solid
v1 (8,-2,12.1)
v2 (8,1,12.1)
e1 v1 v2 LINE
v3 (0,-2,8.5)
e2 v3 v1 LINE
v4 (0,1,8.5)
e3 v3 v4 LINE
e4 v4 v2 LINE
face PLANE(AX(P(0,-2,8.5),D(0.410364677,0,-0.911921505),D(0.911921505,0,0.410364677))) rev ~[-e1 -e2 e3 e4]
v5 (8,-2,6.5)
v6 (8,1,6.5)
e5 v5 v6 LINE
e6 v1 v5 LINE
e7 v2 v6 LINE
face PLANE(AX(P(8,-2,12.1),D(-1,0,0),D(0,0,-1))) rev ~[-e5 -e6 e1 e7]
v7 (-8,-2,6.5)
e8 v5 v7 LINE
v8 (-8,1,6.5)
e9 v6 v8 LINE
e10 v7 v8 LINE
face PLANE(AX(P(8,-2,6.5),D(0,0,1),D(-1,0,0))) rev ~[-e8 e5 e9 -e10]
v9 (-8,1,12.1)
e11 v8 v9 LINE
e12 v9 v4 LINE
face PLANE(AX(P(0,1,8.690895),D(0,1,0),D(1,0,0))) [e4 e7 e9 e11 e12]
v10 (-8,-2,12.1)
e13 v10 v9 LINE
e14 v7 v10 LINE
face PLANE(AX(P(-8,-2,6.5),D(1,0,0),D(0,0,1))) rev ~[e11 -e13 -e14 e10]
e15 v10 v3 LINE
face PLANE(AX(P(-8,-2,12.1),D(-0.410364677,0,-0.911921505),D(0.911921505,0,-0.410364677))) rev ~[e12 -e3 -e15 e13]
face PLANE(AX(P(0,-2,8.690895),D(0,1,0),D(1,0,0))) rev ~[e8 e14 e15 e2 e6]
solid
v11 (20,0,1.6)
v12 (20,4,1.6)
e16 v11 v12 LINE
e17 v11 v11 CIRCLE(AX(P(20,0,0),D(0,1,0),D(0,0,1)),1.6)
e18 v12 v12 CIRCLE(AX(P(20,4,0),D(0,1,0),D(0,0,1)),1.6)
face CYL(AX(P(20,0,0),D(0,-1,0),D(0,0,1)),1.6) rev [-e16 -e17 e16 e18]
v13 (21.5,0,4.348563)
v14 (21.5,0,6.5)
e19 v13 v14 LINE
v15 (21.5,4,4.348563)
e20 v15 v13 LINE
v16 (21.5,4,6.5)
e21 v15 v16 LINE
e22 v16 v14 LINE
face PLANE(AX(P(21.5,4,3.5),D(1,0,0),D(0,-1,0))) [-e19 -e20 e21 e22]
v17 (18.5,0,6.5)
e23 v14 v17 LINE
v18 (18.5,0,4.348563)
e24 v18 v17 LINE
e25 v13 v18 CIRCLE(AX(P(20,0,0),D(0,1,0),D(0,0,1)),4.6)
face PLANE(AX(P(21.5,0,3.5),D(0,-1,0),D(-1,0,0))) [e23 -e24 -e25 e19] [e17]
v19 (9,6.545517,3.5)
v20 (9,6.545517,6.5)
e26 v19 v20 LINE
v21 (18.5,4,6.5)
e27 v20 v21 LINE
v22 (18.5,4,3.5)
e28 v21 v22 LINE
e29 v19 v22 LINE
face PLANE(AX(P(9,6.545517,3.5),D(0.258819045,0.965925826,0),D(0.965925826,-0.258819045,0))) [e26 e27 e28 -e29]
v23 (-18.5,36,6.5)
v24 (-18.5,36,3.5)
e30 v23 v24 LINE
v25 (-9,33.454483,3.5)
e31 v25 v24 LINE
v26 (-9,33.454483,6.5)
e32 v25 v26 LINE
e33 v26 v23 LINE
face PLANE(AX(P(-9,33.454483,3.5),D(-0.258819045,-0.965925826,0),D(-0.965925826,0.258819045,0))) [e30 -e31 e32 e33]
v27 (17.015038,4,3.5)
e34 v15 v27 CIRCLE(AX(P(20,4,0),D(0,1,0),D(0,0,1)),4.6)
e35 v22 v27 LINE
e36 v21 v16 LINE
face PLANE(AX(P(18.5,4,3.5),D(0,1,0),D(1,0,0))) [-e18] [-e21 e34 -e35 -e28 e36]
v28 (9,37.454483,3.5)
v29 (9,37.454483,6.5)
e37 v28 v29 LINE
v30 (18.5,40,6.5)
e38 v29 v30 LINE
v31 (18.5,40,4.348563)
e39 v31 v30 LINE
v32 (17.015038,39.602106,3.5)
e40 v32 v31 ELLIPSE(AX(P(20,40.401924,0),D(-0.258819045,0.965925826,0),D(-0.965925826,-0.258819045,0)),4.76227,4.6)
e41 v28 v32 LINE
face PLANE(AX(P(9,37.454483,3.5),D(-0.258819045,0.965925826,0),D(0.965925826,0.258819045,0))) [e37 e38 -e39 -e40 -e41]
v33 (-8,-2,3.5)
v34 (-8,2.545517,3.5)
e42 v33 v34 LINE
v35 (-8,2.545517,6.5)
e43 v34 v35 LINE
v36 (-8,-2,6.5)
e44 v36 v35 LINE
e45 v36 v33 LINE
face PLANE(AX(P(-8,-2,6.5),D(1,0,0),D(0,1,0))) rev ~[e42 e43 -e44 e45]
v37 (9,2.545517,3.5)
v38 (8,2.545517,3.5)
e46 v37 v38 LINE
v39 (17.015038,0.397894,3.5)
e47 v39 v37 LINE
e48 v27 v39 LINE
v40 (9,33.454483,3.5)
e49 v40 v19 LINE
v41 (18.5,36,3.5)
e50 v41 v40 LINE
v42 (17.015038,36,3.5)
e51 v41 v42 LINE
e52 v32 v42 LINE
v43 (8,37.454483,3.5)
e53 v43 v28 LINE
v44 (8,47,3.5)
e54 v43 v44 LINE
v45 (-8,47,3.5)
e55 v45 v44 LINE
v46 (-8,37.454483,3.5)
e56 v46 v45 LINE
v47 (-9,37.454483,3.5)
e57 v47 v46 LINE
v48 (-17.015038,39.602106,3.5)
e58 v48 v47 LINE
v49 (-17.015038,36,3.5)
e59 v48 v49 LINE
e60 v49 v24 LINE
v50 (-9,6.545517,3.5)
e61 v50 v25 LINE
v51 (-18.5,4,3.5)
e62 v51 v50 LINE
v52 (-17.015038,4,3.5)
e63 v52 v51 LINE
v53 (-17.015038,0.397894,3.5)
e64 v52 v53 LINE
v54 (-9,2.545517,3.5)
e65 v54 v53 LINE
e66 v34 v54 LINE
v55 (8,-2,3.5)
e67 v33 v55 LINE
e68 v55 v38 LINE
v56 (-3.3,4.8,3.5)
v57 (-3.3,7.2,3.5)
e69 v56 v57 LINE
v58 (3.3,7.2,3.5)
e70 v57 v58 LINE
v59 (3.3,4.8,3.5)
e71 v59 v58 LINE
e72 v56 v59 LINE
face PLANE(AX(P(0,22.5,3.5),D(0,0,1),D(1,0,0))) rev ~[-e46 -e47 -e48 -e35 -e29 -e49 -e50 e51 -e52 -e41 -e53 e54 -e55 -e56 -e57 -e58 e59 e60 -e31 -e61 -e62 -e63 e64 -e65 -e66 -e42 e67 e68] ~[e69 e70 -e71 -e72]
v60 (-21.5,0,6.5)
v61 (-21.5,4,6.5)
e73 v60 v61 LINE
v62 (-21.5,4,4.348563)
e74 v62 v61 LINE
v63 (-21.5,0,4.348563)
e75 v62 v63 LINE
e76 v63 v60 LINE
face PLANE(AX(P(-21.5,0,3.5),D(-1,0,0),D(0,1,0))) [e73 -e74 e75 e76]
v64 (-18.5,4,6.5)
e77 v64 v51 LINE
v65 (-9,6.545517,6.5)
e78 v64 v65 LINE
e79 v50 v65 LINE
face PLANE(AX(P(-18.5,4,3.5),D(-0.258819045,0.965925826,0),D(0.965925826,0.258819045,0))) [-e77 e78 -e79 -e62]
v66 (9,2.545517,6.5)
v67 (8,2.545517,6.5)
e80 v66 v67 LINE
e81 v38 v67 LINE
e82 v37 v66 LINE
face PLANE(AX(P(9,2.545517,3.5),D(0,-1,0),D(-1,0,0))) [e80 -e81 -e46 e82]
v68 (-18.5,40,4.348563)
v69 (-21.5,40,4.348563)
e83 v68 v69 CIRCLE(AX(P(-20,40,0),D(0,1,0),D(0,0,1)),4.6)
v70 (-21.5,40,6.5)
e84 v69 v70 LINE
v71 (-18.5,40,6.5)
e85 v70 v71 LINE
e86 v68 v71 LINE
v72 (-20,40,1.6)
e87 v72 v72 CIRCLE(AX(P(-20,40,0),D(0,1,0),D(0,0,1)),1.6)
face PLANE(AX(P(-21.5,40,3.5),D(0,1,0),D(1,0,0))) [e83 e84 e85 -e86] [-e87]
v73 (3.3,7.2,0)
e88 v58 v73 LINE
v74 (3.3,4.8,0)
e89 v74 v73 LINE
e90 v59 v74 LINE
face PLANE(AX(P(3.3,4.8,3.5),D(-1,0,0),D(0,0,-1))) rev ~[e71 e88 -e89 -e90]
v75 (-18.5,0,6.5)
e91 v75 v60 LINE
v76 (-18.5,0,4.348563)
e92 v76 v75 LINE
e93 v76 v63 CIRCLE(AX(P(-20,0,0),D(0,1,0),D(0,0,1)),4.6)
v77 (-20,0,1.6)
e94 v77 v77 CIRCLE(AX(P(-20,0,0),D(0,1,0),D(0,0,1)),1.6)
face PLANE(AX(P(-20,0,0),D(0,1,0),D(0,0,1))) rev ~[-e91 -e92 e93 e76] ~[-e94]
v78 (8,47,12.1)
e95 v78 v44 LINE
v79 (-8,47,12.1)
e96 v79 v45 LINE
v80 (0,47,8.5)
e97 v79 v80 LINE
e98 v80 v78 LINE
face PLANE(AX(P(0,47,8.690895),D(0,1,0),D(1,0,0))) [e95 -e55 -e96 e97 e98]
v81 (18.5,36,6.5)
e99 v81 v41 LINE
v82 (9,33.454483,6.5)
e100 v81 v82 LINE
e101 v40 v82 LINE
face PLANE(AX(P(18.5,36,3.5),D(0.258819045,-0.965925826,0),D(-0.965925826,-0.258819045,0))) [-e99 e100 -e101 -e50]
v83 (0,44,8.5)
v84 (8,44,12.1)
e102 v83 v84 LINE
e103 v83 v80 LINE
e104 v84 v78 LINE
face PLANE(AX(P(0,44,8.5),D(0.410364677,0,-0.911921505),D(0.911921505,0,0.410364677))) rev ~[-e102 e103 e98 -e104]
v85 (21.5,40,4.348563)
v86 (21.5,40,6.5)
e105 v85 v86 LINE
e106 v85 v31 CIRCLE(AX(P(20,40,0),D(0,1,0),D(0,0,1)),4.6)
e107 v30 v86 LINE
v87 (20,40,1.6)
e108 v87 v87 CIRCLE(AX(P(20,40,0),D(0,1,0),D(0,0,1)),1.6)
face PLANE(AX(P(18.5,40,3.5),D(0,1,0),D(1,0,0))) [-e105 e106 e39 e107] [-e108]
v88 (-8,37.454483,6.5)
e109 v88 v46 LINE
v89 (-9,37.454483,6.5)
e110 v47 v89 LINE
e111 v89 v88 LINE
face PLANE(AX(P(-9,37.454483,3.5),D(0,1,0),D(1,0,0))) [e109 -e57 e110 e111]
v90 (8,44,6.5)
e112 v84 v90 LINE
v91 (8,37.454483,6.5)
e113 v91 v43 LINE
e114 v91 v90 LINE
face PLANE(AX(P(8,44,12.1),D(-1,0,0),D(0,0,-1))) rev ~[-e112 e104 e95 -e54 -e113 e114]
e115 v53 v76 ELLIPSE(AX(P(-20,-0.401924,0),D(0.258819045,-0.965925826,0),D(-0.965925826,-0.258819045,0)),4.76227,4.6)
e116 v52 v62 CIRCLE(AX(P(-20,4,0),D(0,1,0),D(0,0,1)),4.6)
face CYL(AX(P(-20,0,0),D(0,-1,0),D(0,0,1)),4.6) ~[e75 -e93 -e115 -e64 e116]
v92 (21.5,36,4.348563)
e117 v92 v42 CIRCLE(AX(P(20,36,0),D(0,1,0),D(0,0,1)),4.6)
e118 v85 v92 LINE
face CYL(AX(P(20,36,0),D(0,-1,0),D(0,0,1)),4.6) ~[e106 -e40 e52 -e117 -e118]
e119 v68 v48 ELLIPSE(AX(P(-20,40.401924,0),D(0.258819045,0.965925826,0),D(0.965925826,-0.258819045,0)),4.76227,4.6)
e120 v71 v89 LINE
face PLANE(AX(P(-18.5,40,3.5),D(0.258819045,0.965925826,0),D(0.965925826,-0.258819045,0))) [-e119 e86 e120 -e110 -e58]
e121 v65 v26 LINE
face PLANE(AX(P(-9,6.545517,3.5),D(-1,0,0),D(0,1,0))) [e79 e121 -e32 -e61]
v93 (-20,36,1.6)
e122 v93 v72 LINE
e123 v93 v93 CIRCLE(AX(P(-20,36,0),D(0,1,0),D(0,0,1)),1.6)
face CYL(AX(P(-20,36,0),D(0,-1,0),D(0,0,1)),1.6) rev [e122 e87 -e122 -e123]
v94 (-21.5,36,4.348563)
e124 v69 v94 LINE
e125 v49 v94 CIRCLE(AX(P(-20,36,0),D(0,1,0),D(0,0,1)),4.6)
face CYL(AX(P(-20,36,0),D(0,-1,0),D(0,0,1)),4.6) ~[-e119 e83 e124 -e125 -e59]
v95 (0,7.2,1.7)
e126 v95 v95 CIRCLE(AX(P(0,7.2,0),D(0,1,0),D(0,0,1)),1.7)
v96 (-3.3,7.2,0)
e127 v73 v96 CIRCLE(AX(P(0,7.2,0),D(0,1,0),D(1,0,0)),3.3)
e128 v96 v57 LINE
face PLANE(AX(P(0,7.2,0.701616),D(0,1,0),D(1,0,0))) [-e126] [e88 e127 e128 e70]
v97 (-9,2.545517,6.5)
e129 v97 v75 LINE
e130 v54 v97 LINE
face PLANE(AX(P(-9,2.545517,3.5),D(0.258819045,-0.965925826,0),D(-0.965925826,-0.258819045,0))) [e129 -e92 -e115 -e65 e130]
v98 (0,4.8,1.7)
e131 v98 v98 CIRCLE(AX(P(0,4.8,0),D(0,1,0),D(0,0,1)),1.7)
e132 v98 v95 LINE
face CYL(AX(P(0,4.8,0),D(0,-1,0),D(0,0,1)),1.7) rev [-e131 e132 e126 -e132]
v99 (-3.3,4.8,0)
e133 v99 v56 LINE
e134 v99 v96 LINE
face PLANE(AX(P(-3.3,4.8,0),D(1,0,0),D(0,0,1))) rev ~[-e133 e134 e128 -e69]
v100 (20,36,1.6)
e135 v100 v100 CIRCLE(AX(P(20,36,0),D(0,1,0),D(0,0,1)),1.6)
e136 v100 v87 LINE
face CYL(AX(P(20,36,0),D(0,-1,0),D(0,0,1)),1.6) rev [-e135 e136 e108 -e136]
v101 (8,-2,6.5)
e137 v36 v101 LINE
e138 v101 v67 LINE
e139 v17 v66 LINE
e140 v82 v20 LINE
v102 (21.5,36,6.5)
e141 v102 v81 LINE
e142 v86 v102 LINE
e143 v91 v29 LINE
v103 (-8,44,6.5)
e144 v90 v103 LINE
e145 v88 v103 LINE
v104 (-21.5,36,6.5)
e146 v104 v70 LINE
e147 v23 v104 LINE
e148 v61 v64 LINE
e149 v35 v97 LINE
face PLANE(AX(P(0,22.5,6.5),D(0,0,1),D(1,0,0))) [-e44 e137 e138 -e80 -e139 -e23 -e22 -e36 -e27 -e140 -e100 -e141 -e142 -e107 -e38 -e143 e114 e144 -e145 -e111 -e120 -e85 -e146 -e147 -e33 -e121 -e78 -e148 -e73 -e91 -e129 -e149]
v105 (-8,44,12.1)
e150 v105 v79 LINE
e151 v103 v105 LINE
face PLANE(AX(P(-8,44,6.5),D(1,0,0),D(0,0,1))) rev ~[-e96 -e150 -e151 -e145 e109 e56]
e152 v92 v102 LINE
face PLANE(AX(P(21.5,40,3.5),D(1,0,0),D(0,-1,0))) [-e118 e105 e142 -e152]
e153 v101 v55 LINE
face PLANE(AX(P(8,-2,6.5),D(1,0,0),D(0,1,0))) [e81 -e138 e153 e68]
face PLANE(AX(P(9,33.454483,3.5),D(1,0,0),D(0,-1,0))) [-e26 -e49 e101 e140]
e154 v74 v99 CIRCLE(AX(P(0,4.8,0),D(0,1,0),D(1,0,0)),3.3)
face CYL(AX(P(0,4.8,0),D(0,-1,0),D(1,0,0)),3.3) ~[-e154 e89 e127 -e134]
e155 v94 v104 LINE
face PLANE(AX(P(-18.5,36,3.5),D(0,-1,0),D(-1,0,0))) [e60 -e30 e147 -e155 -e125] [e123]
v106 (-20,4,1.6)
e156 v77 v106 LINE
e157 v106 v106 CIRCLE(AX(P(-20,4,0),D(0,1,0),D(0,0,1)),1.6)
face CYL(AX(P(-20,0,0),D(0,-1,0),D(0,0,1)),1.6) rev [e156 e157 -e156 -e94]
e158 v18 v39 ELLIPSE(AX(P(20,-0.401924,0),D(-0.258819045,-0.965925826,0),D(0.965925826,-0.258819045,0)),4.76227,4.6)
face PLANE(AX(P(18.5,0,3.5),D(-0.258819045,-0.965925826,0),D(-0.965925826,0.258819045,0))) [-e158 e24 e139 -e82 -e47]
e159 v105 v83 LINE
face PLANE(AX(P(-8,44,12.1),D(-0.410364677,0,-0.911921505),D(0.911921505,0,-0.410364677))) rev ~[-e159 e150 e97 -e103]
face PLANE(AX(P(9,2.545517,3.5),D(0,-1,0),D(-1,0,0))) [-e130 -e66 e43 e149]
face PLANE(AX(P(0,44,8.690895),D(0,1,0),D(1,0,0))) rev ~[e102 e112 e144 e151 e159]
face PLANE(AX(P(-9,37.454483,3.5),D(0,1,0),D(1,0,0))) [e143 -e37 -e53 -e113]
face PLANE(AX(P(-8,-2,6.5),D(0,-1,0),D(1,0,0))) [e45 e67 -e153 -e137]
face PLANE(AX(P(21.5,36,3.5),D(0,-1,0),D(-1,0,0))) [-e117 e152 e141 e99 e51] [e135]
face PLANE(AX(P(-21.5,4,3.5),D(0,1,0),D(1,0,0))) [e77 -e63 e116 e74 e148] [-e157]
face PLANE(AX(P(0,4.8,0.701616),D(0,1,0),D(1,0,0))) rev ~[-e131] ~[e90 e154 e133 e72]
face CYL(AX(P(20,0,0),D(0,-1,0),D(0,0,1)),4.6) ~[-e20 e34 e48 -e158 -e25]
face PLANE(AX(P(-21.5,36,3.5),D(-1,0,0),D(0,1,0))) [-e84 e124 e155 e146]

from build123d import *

# Parameters (mm, degrees)
SKETCH2_R             = 4.6
SKETCH2_R_2           = 1.6
BOSS_EXTRUDE1_DEPTH   = 4
BOSS_EXTRUDE1_2_DEPTH = 4
LPATTERN1_COUNT       = 2
LPATTERN1_PITCH       = 36
BOSS_EXTRUDE5_DEPTH   = 3
BOSS_EXTRUDE6_START   = 4.8
B_E_SPRING_PLATE_R    = 1.7
BOSS_EXTRUDE6_DEPTH   = 2.4
SKETCH10_W            = 16
SKETCH10_H            = 49
BOSS_EXTRUDE8_DEPTH   = 3
BOSS_EXTRUDE7_START   = -2
BOSS_EXTRUDE7_DEPTH   = 3
BOSS_EXTRUDE9_START   = 44
BOSS_EXTRUDE9_DEPTH   = 3


with BuildPart() as part:
    # Sketch2 → Boss-Extrude1 (new body)
    with BuildSketch(Plane(origin=(0, 0, 0), x_dir=(1, 0, 0), z_dir=(0, 1, 0))):
        with Locations(Location((-20, 0, 0), (0, 0, 270))):
            Circle(SKETCH2_R)
        with Locations(Location((-20, 0, 0), (0, 0, 270))):
            Circle(SKETCH2_R_2, mode=Mode.SUBTRACT)
    boss_extrude1 = extrude(amount=BOSS_EXTRUDE1_DEPTH)



with BuildPart() as body_2:
    # Sketch2 → Boss-Extrude1 2 (new body)
    with BuildSketch(Plane(origin=(0, 0, 0), x_dir=(1, 0, 0), z_dir=(0, 1, 0))):
        with Locations(Location((20, 0, 0), (0, 0, 270))):
            Circle(SKETCH2_R)
        with Locations(Location((20, 0, 0), (0, 0, 270))):
            Circle(SKETCH2_R_2, mode=Mode.SUBTRACT)
    boss_extrude1_2 = extrude(amount=BOSS_EXTRUDE1_2_DEPTH)


with BuildPart() as lpattern1_1:
    # LPattern1: pattern copy
    add(boss_extrude1.moved(Location(Vector(0, 1, 0) * (1 * LPATTERN1_PITCH))))


with BuildPart() as lpattern1_2:
    # LPattern1: pattern copy
    add(boss_extrude1_2.moved(Location(Vector(0, 1, 0) * (1 * LPATTERN1_PITCH))))


with BuildPart() as part_1:
    add(part.part)

    add(body_2.part)  # Boss-Extrude5 merges body 2

    add(lpattern1_1.part)  # Boss-Extrude5 merges LPattern1_1

    add(lpattern1_2.part)  # Boss-Extrude5 merges LPattern1_2
    # Sketch7 → Boss-Extrude5 (add)
    with BuildSketch(Plane.XY.offset(3.5)):
        Polygon((-21.5, 0), (-21.5, 4), (-18.5, 4), (-9, 6.545517328), (-9, 33.454482672), (-18.5, 36), (-21.5, 36), (-21.5, 40), (-18.5, 40), (-9, 37.454482672), (9, 37.454482672), (18.5, 40), (21.5, 40), (21.5, 36), (18.5, 36), (9, 33.454482672), (9, 6.545517328), (18.5, 4), (21.5, 4), (21.5, 0), (18.5, 0), (9, 2.545517328), (-9, 2.545517328), (-18.5, 0), align=None)
    extrude(amount=BOSS_EXTRUDE5_DEPTH)

    # b.e. spring plate → Boss-Extrude6 (add)
    with BuildSketch(Plane(origin=(0, 0, 0), x_dir=(1, 0, 0), z_dir=(0, 1, 0)).offset(BOSS_EXTRUDE6_START)):
        with BuildLine():
            Line((-3.3, 0), (-3.3, -3.5))
            Line((-3.3, -3.5), (3.3, -3.5))
            Line((3.3, -3.5), (3.3, 0))
            ThreePointArc((3.3, 0), (0, 3.3), (-3.3, 0))
        make_face()
        with Locations(Location((0, 0, 0), (0, 0, 270))):
            Circle(B_E_SPRING_PLATE_R, mode=Mode.SUBTRACT)
    extrude(amount=BOSS_EXTRUDE6_DEPTH)

    # Sketch10 → Boss-Extrude8 (add)
    with BuildSketch(Plane.XY.offset(6.5)):
        with Locations((0, 22.5)):
            Rectangle(SKETCH10_W, SKETCH10_H)
    extrude(amount=-BOSS_EXTRUDE8_DEPTH)

    # b.e. pen holder<3> → Boss-Extrude9 (add)
    with BuildSketch(Plane(origin=(0, 0, 0), x_dir=(1, 0, 0), z_dir=(0, 1, 0)).offset(BOSS_EXTRUDE9_START)):
        Polygon((-8, -6.5), (-8, -12.1), (0, -8.5), (8, -12.1), (8, -6.5), align=None)
    extrude(amount=BOSS_EXTRUDE9_DEPTH)


with BuildPart() as body_2_2:
    # b.e. pen holder → Boss-Extrude7 (new body)
    with BuildSketch(Plane(origin=(0, 0, 0), x_dir=(1, 0, 0), z_dir=(0, 1, 0)).offset(BOSS_EXTRUDE7_START)):
        Polygon((-8, -6.5), (-8, -12.1), (0, -8.5), (8, -12.1), (8, -6.5), align=None)
    extrude(amount=BOSS_EXTRUDE7_DEPTH)


solid = Compound([part_1.part, body_2_2.part])
